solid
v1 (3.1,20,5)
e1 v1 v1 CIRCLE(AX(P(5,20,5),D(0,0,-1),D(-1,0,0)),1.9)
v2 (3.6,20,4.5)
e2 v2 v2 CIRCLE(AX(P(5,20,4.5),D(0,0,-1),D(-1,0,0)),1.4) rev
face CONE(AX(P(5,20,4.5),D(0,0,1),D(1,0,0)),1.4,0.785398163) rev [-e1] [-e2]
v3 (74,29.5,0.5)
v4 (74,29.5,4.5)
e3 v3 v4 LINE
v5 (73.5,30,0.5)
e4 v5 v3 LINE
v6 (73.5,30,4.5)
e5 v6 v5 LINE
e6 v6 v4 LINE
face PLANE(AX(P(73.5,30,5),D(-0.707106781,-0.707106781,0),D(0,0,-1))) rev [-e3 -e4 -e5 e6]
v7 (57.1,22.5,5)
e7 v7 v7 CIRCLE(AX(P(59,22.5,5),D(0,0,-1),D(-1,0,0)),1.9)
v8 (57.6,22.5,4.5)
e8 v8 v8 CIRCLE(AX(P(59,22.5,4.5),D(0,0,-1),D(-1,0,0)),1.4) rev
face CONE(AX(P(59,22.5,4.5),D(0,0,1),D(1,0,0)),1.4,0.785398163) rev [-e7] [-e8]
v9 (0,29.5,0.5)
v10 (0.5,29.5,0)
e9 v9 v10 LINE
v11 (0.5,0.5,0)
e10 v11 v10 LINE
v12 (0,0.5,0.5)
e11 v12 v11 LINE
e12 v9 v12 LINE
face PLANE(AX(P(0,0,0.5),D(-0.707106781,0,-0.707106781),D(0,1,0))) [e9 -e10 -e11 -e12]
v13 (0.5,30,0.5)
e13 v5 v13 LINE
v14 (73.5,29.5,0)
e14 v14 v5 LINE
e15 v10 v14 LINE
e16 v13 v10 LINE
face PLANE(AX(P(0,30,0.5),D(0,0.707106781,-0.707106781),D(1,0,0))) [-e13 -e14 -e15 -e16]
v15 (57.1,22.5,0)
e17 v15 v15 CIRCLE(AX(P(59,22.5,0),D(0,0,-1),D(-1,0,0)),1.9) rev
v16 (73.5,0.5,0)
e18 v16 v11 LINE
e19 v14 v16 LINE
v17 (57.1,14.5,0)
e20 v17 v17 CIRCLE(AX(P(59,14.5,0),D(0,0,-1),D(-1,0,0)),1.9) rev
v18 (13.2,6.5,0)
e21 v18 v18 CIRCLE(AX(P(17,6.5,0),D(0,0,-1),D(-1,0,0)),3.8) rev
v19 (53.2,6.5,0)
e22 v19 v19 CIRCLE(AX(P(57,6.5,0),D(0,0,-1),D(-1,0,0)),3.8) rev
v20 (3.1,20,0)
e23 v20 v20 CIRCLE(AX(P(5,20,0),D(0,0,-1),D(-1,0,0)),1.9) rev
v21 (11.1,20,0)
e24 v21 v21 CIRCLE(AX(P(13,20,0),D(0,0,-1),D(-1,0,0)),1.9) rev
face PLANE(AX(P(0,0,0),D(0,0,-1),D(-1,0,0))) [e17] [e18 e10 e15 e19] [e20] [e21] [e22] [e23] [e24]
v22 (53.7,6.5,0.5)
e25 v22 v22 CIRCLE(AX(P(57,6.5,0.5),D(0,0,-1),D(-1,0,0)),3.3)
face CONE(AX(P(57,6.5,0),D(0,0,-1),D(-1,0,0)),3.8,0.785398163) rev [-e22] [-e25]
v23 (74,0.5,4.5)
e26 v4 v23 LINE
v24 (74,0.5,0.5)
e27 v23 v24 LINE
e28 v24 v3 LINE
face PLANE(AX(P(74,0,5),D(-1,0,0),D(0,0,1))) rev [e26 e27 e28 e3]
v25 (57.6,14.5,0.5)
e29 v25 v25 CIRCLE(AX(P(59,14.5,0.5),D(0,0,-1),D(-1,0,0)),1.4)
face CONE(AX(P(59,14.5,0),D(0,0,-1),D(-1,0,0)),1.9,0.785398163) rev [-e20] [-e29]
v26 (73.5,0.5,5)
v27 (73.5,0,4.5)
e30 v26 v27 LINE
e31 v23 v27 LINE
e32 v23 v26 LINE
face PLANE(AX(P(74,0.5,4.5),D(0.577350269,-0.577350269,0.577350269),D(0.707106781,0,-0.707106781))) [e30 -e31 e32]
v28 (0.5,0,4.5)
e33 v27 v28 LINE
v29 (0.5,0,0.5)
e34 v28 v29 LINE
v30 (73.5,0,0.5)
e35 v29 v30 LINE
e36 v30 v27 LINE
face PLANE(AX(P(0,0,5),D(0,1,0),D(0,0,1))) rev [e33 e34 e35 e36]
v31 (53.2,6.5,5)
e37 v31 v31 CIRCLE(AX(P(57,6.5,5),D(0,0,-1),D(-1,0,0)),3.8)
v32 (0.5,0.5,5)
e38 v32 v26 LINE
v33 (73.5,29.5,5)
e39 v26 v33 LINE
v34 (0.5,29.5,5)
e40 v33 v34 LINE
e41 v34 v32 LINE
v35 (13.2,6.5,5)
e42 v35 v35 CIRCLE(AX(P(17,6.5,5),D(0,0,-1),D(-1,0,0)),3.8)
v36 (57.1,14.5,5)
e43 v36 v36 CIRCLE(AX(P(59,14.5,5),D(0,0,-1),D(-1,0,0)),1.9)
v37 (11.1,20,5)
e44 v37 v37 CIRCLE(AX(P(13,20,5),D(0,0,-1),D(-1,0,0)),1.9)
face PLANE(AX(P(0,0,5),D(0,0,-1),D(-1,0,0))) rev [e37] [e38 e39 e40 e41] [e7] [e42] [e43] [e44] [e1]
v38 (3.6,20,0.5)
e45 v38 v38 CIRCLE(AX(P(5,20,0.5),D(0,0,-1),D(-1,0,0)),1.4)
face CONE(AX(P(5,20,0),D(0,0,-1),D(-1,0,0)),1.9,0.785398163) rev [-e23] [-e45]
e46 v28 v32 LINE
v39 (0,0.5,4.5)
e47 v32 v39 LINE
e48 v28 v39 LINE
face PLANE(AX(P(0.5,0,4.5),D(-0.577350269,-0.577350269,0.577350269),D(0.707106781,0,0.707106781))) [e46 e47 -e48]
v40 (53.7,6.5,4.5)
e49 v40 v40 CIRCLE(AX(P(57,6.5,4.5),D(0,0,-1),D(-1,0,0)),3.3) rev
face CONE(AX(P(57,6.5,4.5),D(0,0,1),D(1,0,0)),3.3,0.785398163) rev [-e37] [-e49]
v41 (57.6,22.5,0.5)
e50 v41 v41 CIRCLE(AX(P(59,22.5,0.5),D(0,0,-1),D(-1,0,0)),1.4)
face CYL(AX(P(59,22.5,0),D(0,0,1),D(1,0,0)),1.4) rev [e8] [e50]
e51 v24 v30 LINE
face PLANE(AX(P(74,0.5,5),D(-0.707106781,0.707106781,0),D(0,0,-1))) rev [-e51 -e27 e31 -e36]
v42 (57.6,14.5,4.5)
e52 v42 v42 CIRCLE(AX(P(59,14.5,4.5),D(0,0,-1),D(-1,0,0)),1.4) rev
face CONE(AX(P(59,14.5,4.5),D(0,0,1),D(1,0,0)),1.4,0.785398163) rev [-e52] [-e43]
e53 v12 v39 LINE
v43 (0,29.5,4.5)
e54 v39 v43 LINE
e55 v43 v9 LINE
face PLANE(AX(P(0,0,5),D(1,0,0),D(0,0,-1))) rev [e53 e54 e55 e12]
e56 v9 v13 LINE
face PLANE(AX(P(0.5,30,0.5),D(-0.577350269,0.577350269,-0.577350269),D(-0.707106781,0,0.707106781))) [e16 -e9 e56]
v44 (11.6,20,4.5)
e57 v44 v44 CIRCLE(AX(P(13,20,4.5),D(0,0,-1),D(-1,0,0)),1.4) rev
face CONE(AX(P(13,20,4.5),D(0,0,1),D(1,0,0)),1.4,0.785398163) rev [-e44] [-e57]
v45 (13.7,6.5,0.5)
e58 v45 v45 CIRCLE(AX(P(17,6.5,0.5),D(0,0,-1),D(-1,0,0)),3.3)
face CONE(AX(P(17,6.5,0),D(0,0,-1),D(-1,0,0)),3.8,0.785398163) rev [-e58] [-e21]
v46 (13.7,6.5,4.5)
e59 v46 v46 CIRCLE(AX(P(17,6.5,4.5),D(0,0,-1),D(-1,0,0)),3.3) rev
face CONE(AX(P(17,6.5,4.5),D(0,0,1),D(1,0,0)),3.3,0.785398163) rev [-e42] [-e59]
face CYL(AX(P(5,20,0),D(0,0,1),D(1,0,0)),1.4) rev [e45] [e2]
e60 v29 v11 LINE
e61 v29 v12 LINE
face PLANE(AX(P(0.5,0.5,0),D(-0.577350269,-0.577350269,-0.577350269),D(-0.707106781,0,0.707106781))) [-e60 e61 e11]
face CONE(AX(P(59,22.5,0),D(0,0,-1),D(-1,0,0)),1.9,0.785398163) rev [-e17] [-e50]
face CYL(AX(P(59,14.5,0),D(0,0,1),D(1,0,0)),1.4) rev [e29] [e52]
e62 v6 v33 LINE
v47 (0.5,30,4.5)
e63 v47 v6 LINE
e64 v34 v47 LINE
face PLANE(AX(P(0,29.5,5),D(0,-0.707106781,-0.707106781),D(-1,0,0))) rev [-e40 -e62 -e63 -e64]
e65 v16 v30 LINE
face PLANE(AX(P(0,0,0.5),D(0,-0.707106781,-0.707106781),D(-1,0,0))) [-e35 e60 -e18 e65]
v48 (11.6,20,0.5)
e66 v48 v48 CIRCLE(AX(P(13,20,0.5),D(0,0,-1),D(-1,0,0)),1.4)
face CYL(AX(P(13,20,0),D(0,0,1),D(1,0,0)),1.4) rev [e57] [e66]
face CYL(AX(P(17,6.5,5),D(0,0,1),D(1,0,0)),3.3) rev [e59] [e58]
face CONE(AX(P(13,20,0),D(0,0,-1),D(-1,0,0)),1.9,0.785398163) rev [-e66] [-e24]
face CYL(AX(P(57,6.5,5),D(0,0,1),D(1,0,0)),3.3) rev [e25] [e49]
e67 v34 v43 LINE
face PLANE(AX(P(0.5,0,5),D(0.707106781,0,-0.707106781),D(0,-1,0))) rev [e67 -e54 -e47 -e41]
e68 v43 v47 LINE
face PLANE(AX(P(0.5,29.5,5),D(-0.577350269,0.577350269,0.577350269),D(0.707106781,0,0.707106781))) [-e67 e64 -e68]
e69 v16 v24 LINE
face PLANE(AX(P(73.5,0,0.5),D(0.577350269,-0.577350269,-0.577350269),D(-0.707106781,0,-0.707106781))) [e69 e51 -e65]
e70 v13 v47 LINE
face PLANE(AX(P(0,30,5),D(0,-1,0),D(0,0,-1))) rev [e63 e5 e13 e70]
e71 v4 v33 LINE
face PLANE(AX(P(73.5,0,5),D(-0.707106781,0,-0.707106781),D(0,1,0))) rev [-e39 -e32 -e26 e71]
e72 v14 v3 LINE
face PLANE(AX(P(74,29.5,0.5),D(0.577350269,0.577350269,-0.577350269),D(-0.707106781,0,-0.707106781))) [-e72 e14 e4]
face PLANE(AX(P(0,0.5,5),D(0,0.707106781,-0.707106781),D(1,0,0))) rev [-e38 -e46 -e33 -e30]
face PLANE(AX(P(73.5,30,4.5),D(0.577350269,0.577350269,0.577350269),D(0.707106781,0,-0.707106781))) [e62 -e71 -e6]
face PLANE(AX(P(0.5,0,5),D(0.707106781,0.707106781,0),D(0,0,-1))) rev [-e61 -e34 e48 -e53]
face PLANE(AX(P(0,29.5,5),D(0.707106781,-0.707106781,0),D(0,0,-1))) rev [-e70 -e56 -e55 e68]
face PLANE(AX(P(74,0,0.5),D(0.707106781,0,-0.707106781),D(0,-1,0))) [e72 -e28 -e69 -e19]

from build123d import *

# Parameters (mm, degrees)
SKETCH1_W            = 74
SKETCH1_H            = 30
BOSS_EXTRUDE1_DEPTH  = 5
M6_CLEARANCE_HOLE1_D = 6.6
SKETCH5_R            = 1.4
CUT_EXTRUDE1_DEPTH   = 5
SKETCH6_R            = 1.4
CUT_EXTRUDE2_DEPTH   = 5
CHAMFER1_SIZE        = 0.5


with BuildPart() as part:
    # Sketch1 → Boss-Extrude1 (new body)
    with BuildSketch(Plane.XY):
        with Locations((37, 15)):
            Rectangle(SKETCH1_W, SKETCH1_H)
    extrude(amount=BOSS_EXTRUDE1_DEPTH)

    # M6 Clearance Hole1 (through all)
    with Locations(Plane.XY.offset(5)):
        with Locations((17, 6.5), (57, 6.5)):
            Hole(M6_CLEARANCE_HOLE1_D / 2)

    # Sketch5 → Cut-Extrude1 (cut)
    with BuildSketch(Plane.XY.offset(5)):
        with Locations((59, 22.5)):
            Circle(SKETCH5_R)
        with Locations((59, 14.5)):
            Circle(SKETCH5_R)
    extrude(amount=-CUT_EXTRUDE1_DEPTH, mode=Mode.SUBTRACT)

    # Sketch6 → Cut-Extrude2 (cut)
    with BuildSketch(Plane.XY.offset(5)):
        with Locations((5, 20)):
            Circle(SKETCH6_R)
        with Locations((13, 20)):
            Circle(SKETCH6_R)
    extrude(amount=-CUT_EXTRUDE2_DEPTH, mode=Mode.SUBTRACT)

    # Chamfer1
    chamfer1_edges = [part.edges().sort_by_distance(p)[0] for p in [
        (74, 15, 5),
        (37, 30, 5),
        (60.3, 6.5, 5),
        (60.3, 6.5, 0),
        (20.3, 6.5, 5),
        (20.3, 6.5, 0),
        (0, 15, 5),
        (37, 30, 0),
        (74, 15, 0),
        (37, 0, 0),
        (0, 15, 0),
        (57.6, 22.5, 0),
        (57.6, 22.5, 5),
        (37, 0, 5),
        (57.6, 14.5, 0),
        (57.6, 14.5, 5),
        (0, 30, 2.5),
        (74, 30, 2.5),
        (74, 0, 2.5),
        (0, 0, 2.5),
        (3.6, 20, 0),
        (3.6, 20, 5),
        (11.6, 20, 0),
        (11.6, 20, 5),
    ]]
    chamfer(chamfer1_edges, length=CHAMFER1_SIZE)


solid = part.part
